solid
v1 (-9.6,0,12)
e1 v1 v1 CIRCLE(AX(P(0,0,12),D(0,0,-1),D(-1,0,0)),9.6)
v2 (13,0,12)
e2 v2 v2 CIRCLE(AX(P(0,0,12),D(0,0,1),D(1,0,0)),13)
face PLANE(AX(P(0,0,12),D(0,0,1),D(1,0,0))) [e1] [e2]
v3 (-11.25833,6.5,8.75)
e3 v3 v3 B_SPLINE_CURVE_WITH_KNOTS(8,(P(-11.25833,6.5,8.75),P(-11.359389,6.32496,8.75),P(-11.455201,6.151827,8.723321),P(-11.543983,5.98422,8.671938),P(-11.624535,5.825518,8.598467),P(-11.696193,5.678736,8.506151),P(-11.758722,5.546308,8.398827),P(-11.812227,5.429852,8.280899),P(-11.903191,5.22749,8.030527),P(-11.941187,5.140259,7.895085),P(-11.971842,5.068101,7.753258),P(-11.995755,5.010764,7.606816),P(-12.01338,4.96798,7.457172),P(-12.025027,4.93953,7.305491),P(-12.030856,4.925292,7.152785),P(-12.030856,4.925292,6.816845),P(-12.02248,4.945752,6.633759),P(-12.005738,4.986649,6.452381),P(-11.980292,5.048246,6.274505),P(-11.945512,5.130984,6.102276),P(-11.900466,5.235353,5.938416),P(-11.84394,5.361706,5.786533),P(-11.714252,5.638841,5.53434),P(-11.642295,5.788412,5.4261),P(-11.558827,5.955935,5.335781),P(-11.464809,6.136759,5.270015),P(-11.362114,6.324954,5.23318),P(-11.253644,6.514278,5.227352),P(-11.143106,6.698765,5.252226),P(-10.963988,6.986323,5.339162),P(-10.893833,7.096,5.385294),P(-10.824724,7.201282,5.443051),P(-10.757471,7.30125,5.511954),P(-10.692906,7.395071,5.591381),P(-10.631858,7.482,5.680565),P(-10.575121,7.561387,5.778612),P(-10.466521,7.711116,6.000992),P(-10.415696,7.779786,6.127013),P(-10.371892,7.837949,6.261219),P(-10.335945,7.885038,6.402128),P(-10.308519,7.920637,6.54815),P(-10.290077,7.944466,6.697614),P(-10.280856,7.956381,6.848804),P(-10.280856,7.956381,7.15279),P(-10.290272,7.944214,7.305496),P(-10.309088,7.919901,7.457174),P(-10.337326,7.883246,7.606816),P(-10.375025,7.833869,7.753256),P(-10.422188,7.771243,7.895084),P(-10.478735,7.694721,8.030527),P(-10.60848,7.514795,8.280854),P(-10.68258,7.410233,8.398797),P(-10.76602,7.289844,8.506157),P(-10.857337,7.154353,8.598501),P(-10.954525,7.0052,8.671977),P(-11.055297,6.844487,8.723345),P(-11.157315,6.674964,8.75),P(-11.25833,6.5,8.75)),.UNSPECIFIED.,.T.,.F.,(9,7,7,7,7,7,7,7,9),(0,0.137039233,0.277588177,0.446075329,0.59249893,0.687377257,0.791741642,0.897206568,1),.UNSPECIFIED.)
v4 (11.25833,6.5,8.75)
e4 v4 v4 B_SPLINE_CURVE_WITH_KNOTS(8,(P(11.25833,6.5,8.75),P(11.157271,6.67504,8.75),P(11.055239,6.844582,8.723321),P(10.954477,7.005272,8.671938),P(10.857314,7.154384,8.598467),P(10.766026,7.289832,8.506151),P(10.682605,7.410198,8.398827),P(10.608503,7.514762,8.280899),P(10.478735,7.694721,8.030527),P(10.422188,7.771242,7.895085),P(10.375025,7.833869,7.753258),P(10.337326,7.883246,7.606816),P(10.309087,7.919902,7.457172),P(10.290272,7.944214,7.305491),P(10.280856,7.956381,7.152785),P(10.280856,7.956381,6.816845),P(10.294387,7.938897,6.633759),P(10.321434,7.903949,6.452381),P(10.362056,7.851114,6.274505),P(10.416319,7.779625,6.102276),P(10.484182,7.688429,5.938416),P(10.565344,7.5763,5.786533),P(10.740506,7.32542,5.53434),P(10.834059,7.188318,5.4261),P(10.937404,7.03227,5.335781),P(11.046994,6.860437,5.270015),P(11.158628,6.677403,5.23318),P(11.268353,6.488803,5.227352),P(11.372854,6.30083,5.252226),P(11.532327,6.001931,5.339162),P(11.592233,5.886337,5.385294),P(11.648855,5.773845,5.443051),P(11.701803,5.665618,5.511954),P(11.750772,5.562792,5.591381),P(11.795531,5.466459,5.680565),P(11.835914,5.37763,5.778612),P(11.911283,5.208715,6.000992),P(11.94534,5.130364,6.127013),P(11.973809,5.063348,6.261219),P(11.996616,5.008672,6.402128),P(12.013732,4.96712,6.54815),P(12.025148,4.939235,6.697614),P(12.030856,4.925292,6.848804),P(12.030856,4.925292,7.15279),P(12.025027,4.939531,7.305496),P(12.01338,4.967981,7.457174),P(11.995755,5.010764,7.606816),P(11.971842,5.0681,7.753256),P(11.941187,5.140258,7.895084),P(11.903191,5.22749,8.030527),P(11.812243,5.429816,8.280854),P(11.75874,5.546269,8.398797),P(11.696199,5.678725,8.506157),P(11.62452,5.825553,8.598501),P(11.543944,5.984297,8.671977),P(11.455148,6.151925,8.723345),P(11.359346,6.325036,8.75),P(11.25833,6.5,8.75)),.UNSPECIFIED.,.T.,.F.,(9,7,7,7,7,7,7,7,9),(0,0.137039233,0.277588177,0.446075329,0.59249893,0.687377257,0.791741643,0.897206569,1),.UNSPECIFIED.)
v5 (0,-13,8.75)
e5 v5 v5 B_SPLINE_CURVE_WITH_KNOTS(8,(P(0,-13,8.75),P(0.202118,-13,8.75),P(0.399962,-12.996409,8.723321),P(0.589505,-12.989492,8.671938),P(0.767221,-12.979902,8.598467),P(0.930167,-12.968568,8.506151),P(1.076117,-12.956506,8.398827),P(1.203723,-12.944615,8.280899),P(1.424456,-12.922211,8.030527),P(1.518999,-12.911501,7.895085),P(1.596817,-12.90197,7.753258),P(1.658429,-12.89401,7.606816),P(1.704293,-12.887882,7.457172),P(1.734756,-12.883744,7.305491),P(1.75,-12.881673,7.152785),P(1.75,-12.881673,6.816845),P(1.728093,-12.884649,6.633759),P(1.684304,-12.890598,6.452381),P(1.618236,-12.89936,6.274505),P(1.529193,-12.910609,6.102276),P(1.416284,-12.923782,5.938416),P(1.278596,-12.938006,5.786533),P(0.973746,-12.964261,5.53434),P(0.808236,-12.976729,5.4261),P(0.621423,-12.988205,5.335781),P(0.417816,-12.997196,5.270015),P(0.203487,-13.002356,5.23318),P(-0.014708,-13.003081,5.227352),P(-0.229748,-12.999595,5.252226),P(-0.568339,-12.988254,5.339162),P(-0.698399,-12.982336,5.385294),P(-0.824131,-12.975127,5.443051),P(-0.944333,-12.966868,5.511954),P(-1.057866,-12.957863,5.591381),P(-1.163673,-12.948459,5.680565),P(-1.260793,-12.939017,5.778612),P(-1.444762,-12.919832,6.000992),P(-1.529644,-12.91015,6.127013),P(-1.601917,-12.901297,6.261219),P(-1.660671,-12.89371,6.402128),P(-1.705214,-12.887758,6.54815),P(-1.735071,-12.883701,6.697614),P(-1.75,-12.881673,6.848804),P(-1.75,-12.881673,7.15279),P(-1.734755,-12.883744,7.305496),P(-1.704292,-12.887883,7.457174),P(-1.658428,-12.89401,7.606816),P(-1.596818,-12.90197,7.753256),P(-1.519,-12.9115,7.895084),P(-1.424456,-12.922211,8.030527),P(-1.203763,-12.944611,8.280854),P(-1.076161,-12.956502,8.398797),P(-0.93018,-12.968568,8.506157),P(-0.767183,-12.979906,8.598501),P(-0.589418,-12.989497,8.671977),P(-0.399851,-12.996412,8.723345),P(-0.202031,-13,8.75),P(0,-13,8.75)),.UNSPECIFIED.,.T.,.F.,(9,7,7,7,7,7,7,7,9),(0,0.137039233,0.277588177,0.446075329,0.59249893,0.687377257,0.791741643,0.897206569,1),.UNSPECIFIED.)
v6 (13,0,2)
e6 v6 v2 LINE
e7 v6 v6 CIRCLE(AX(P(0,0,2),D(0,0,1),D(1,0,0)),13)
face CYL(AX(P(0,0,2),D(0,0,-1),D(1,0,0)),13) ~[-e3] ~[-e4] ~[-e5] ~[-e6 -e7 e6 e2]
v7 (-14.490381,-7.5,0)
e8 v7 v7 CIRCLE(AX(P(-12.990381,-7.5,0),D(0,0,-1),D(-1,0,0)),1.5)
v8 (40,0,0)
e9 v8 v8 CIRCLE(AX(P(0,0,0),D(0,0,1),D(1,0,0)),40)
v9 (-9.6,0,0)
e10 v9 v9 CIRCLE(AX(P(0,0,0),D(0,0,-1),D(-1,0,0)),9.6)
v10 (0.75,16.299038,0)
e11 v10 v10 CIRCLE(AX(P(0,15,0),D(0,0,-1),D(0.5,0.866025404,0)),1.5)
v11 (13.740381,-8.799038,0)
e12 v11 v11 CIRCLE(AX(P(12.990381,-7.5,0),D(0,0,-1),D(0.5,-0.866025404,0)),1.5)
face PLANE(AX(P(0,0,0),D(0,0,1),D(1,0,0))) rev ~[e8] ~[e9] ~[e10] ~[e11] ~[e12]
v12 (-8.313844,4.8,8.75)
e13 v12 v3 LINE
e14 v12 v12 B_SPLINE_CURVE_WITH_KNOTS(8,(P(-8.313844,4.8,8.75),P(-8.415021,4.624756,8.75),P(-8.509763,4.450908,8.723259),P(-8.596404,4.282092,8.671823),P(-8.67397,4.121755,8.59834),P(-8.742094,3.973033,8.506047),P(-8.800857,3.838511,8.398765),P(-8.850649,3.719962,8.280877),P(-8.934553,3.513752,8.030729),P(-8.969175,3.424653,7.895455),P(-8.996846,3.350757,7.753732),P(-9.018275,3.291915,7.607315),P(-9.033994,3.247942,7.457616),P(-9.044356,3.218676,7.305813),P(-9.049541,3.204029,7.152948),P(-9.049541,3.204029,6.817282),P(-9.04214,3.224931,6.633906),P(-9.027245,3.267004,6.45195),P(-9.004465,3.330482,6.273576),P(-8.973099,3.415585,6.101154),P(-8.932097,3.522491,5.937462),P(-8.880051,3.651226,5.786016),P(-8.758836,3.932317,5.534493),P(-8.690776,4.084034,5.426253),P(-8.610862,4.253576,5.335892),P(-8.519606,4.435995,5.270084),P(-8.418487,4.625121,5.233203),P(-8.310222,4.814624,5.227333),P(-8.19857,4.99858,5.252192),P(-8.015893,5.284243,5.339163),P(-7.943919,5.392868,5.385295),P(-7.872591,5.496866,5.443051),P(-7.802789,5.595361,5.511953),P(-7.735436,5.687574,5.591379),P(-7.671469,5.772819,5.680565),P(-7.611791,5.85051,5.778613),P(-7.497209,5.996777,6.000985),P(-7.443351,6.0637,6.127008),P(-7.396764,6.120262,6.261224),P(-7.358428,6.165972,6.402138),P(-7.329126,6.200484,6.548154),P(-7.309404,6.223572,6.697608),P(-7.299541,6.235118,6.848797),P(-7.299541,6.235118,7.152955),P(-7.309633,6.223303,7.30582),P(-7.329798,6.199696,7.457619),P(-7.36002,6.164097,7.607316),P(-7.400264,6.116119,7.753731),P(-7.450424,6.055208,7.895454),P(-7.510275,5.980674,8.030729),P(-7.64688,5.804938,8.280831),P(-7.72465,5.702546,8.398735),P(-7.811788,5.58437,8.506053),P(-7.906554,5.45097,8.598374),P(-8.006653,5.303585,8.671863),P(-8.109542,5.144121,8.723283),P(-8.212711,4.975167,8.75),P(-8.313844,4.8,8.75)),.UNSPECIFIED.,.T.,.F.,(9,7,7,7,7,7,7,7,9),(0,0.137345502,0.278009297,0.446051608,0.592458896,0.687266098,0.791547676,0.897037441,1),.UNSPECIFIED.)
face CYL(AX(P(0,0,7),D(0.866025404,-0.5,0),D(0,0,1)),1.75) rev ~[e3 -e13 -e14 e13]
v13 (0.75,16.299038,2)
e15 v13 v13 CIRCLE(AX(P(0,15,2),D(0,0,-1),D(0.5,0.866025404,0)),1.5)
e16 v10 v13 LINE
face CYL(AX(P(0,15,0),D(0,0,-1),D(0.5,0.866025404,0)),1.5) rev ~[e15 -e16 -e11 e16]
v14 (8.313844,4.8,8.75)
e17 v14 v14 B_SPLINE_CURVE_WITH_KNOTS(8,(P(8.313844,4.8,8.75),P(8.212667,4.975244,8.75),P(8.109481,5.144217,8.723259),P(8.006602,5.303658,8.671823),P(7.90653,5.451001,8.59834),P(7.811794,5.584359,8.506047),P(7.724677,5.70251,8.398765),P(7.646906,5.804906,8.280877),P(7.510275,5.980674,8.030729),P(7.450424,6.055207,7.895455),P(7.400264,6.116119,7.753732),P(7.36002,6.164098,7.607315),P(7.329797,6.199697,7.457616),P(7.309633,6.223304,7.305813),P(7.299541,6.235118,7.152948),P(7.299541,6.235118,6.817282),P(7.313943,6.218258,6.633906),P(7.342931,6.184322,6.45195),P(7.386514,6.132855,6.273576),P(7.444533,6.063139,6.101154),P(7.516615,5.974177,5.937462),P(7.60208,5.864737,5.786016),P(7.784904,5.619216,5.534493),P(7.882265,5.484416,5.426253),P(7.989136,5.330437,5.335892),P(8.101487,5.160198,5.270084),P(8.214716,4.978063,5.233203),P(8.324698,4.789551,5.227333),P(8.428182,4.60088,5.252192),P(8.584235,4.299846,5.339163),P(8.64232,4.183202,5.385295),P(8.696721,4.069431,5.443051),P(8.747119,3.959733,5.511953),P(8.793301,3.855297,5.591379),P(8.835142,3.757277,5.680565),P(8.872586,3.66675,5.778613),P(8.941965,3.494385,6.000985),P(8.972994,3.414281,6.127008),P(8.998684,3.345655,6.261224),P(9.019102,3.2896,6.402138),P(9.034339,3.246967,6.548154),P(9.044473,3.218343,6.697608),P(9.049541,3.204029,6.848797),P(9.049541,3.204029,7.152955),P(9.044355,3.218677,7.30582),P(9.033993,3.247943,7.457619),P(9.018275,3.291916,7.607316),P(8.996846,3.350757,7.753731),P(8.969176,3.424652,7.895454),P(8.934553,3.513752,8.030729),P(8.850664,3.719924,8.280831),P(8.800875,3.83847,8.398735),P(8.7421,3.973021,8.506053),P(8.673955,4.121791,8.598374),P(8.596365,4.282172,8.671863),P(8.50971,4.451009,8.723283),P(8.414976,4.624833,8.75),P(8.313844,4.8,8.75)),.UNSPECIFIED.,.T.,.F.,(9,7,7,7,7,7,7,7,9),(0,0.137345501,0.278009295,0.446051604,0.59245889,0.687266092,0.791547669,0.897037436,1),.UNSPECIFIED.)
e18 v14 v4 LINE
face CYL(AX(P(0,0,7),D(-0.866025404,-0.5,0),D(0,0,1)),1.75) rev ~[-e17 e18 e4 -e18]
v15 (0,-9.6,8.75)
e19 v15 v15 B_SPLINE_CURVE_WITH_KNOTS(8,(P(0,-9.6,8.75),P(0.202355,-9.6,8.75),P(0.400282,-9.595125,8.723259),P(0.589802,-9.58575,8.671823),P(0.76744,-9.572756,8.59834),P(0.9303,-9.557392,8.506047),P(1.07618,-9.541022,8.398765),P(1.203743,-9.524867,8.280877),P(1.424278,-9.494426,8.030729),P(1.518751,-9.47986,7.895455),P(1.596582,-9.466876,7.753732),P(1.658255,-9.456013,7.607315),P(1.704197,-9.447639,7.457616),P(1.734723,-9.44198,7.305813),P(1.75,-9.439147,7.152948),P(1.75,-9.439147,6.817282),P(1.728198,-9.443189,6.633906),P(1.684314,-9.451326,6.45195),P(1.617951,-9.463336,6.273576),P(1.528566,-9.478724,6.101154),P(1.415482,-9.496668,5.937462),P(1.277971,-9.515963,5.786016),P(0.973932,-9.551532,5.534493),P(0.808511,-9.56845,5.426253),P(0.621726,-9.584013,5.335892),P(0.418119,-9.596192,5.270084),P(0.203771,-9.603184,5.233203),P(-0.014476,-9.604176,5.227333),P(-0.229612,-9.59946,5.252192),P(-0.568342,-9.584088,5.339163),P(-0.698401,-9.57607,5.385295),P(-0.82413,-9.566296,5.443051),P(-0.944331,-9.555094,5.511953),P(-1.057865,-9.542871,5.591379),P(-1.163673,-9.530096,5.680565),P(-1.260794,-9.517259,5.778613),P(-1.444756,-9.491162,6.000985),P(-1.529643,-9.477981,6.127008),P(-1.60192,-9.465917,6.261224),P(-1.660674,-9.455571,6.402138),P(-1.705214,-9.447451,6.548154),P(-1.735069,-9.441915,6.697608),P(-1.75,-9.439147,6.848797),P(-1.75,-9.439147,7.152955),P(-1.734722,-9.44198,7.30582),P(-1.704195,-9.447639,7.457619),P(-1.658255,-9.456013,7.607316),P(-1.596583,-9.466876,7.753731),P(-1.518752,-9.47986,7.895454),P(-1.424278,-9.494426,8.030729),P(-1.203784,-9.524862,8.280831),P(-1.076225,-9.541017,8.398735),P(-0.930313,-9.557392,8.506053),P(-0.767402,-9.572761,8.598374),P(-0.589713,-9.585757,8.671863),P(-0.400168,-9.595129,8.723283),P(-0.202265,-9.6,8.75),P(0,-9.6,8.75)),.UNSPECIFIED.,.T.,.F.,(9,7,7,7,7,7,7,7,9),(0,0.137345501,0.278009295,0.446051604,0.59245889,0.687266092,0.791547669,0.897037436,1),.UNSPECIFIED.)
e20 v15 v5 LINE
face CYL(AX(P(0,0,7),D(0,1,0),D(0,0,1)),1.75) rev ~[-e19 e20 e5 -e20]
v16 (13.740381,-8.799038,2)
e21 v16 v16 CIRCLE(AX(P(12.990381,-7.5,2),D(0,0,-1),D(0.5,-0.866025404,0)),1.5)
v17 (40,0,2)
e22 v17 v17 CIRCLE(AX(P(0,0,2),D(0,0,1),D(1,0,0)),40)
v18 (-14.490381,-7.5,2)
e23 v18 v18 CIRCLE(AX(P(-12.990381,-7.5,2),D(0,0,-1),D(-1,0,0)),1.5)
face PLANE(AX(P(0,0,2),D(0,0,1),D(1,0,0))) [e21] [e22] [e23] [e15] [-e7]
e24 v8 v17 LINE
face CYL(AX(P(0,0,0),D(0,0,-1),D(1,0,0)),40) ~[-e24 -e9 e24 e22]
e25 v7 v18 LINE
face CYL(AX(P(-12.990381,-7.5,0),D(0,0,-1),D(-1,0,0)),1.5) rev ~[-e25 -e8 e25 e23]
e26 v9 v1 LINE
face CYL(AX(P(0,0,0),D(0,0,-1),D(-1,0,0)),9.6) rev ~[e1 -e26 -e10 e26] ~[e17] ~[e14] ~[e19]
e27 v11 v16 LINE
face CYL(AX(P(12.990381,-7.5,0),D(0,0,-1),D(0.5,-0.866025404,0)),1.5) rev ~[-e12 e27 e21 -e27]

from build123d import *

# Parameters (mm, degrees)
SKETCH1_R           = 40
BOSS_EXTRUDE1_DEPTH = 2
SKETCH2_R           = 13
BOSS_EXTRUDE2_DEPTH = 10
SKETCH3_R           = 9.6
CUT_EXTRUDE1_DEPTH  = 58.827329179
SKETCH4_R           = 1.75
CUT_EXTRUDE2_DEPTH  = 58.827329179
CIRPATTERN1_COUNT   = 3
SKETCH5_R           = 1.5
CUT_EXTRUDE3_DEPTH  = 10
CIRPATTERN2_COUNT   = 3


with BuildPart() as part:
    # Sketch1 → Boss-Extrude1 (new body)
    with BuildSketch(Plane.XY):
        Circle(SKETCH1_R)
    extrude(amount=BOSS_EXTRUDE1_DEPTH)

    # Sketch2 → Boss-Extrude2 (add)
    with BuildSketch(Plane.XY.offset(2)):
        Circle(SKETCH2_R)
    extrude(amount=BOSS_EXTRUDE2_DEPTH)

    # Sketch3 → Cut-Extrude1 (cut, through all)
    with BuildSketch(Plane(origin=(0, 0, 0), x_dir=(-1, 0, 0), z_dir=(0, 0, -1))):
        Circle(SKETCH3_R)
    extrude(amount=-CUT_EXTRUDE1_DEPTH, mode=Mode.SUBTRACT)

    # Sketch4 → Cut-Extrude2 (cut, through all)
    with BuildSketch(Plane(origin=(0, 0, 0), x_dir=(1, 0, 0), z_dir=(0, 1, 0))):
        with Locations(Location((0, -7, 0), (0, 0, 270))):
            Circle(SKETCH4_R)
    cut_extrude2 = extrude(amount=-CUT_EXTRUDE2_DEPTH, mode=Mode.SUBTRACT)

    # CirPattern1: Cut-Extrude2 ×3 about axis
    cirpattern1_axis = Axis((0, 0, 12), (0, 0, -1))
    for i in range(1, CIRPATTERN1_COUNT):
        add(cut_extrude2.rotate(cirpattern1_axis, i * 360 / CIRPATTERN1_COUNT), mode=Mode.SUBTRACT)

    # Sketch5 → Cut-Extrude3 (cut)
    with BuildSketch(Plane(origin=(0, 0, 0), x_dir=(-1, 0, 0), z_dir=(0, 0, -1))):
        with Locations((12.990381057, -7.5)):
            Circle(SKETCH5_R)
    cut_extrude3 = extrude(amount=-CUT_EXTRUDE3_DEPTH, mode=Mode.SUBTRACT)

    # CirPattern2: Cut-Extrude3 ×3 about axis
    cirpattern2_axis = Axis((0, 0, 0), (0, 0, 1))
    for i in range(1, CIRPATTERN2_COUNT):
        add(cut_extrude3.rotate(cirpattern2_axis, i * 360 / CIRPATTERN2_COUNT), mode=Mode.SUBTRACT)


solid = part.part
